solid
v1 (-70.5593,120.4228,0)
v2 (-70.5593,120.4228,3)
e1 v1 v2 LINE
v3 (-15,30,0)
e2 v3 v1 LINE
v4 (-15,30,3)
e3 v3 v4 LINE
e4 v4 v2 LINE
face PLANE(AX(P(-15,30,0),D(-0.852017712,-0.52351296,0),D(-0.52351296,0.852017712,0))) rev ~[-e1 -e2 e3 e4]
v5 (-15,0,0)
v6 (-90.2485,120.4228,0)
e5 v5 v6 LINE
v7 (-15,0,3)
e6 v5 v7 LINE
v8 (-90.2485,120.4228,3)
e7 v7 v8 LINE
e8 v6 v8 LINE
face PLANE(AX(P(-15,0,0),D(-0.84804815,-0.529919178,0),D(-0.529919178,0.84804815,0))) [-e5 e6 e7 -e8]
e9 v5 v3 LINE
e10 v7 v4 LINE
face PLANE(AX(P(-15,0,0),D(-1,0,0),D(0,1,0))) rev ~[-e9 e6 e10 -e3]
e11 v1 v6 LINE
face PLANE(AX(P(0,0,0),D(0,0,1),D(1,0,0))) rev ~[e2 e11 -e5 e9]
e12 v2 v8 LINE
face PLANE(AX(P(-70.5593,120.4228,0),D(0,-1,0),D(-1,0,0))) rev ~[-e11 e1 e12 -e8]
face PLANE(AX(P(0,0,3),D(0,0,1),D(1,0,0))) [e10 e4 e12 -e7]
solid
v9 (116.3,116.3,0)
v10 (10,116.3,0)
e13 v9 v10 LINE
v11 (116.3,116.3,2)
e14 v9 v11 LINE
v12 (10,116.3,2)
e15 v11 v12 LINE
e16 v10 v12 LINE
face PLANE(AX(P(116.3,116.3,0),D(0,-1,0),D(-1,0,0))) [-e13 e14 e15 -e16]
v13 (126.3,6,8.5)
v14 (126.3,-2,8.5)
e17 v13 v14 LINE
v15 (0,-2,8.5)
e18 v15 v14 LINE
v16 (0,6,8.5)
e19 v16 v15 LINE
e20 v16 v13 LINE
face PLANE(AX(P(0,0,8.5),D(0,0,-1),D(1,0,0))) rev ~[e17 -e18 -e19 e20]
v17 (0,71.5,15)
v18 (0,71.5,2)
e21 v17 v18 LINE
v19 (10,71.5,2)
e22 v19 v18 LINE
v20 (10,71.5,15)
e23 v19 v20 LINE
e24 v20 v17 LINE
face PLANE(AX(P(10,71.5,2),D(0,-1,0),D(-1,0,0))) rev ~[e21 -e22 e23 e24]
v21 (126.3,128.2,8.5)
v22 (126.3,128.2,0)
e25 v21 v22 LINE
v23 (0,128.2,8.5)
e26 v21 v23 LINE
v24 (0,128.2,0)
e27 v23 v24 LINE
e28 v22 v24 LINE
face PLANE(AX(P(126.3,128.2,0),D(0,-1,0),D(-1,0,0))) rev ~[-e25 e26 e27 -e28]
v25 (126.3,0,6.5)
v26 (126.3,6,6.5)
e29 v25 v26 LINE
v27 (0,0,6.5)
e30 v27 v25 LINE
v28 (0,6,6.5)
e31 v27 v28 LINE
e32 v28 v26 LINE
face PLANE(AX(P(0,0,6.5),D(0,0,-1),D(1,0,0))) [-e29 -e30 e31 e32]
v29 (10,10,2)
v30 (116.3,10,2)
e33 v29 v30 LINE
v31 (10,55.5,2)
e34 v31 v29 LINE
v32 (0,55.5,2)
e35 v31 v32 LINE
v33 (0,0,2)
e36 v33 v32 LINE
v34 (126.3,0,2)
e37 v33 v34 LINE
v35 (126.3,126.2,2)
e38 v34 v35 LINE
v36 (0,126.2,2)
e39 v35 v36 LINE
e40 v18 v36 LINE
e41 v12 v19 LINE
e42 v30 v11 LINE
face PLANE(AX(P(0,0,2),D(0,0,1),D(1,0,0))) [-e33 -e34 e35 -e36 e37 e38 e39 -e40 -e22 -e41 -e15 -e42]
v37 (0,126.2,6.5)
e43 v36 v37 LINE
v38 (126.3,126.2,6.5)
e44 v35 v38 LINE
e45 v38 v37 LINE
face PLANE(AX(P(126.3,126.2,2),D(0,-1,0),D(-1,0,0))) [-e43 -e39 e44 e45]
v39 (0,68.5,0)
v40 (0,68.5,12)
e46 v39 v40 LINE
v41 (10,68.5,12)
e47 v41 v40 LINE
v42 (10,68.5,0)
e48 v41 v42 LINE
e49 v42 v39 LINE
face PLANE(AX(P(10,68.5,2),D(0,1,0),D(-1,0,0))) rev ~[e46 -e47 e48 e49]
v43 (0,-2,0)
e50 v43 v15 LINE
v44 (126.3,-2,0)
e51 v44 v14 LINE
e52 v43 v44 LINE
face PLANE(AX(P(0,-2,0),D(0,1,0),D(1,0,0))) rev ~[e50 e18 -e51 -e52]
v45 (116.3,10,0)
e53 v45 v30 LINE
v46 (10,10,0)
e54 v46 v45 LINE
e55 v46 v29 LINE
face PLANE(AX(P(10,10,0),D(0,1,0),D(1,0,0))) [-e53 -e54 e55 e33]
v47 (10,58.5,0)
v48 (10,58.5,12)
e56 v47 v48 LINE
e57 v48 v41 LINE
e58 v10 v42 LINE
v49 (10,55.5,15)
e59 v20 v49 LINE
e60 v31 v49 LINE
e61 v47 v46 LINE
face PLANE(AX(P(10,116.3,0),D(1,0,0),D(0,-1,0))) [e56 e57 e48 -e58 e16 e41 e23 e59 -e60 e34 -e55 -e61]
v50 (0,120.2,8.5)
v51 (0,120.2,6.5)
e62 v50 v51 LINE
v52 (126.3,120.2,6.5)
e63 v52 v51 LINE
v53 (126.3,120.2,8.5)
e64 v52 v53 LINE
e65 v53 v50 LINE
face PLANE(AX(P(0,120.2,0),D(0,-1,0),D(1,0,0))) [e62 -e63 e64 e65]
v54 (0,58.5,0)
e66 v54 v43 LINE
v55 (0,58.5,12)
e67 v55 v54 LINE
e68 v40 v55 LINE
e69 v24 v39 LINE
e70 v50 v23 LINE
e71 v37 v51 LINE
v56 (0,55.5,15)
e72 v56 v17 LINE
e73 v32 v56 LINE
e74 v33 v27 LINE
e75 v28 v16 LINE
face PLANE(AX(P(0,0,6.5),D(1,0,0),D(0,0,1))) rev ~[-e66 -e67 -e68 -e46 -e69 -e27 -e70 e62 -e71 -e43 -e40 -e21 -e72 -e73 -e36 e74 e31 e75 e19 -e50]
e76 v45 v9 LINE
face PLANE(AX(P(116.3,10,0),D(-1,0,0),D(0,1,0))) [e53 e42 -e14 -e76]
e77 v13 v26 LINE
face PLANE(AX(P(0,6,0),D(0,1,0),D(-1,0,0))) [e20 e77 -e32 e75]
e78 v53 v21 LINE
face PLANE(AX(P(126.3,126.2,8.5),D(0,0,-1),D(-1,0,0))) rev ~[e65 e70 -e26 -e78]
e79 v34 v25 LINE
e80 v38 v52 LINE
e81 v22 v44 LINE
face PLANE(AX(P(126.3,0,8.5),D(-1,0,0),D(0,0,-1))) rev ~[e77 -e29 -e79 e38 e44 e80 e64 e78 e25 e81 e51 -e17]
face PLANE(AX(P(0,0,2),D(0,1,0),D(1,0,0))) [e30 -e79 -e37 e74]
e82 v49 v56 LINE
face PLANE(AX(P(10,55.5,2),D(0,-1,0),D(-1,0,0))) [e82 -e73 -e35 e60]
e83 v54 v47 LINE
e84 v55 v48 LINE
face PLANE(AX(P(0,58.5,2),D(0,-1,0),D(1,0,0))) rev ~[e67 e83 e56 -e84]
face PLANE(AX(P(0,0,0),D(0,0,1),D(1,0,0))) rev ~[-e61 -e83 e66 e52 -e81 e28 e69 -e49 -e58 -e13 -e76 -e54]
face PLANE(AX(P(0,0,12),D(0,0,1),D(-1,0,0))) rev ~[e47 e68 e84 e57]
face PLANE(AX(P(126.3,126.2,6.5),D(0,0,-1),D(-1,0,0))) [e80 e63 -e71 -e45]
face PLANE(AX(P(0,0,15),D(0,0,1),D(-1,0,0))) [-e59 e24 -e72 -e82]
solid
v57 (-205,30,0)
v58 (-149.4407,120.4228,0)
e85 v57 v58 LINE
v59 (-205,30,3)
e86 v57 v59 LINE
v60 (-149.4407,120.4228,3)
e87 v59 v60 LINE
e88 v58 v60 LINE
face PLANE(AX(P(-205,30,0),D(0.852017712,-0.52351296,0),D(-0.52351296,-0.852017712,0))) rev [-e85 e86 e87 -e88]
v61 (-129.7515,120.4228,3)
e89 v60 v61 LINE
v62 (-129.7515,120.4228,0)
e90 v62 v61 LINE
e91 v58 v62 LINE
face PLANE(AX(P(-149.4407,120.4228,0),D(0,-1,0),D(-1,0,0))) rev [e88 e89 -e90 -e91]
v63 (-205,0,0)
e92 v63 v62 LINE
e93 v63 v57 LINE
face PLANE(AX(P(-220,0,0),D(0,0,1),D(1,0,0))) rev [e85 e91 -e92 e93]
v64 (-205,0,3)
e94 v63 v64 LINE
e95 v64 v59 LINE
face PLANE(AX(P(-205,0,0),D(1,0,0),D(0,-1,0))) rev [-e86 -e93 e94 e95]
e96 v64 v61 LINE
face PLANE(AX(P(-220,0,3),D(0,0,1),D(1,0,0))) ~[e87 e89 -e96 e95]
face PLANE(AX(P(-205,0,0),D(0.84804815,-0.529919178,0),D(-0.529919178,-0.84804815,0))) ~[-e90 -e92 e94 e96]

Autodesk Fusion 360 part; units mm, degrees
sketch "Sketch1" plane through (0, 0, 0) normal (0, 0, 1) x (1, 0, 0)
  line L0 (0, 0) -> (126.3, 0)
  line L1 (126.3, 0) -> (126.3, 126.2)
  line L2 (126.3, 126.2) -> (0, 126.2)
  line L3 (0, 126.2) -> (0, 0)
  line L4 (0, 0) -> (126.3, 0)
  line L5 (126.3, 0) -> (126.3, 126.2)
  line L6 (126.3, 126.2) -> (0, 126.2)
  line L7 (0, 126.2) -> (0, 0)
  line L8 (126.3, 128.2) -> (0, 128.2)
  line L9 (0, -2) -> (126.3, -2)
  line L10 (0, 126.2) -> (0, 128.2)
  line L11 (126.3, 126.2) -> (126.3, 128.2)
  line L12 (126.3, -2) -> (126.3, 0)
  line L13 (0, 0) -> (0, -2)
  dimension "d1" = 126.3
  dimension "d2" = 126.2
sketch "Sketch2" plane through (0, 0, 0) normal (0, 0, 1) x (1, 0, 0)
  line L0 (10, 10) -> (116.3, 10)
  line L1 (116.3, 10) -> (116.3, 116.3)
  line L2 (116.3, 116.3) -> (10, 116.3)
  line L3 (10, 116.3) -> (10, 10)
  dimension "d4" = 106.3
  dimension "d5" = 106.3
extrude "Extrude1" add sketch "Sketch1" along normal blind 2 makes body 1
extrude "Extrude2" cut sketch "Sketch2" along normal blind 2 bodies 1
sketch "Sketch3" plane through (0, 0, 2) normal (0, 0, 1) x (-1, 0, 0)
  line L0 (-10, -116.3) -> (-116.3, -116.3)
  line L1 (-116.3, -116.3) -> (-116.3, -10)
  line L2 (-116.3, -10) -> (-10, -10)
  line L3 (-10, -10) -> (-10, -116.3)
  line L4 (0, -128.2) -> (0, 2)
  line L5 (0, 2) -> (-126.3, 2)
  line L6 (-126.3, 2) -> (-126.3, -128.2)
  line L7 (-126.3, -128.2) -> (0, -128.2)
  line L8 (0, 0) -> (-126.3, 0)
  line L9 (-126.3, 2) -> (0, 2)
  line L10 (0, -128.2) -> (-126.3, -128.2)
  line L11 (-126.3, -128.2) -> (-126.3, -126.2)
  line L12 (-126.3, -126.2) -> (0, -126.2)
  line L13 (0, -126.2) -> (0, -128.2)
  dimension "d10" = 2
extrude "Extrude3" add sketch "Sketch3" along normal blind 6.5 contours L4 L6 L7 L10 L11 L12 L13 | L4 L5 L6 L8 L9 bodies 1
sketch "Sketch4" plane through (0, 126.2, 0) normal (0, -1, 0) x (1, 0, 0)
  line L0 (0, 2) -> (126.3, 2)
  line L1 (126.3, 2) -> (126.3, 8.5)
  line L2 (126.3, 8.5) -> (0, 8.5)
  line L3 (0, 8.5) -> (0, 2)
  line L4 (0, 8.5) -> (126.3, 8.5)
  line L5 (126.3, 8.5) -> (126.3, 6.5)
  line L6 (126.3, 6.5) -> (0, 6.5)
  line L7 (0, 6.5) -> (0, 8.5)
  dimension "d13" = 2
sketch "Sketch5" plane through (0, 0, 0) normal (0, 1, 0) x (-1, 0, 0)
  line L0 (-126.3, 2) -> (0, 2)
  line L1 (0, 2) -> (0, 8.5)
  line L2 (0, 8.5) -> (-126.3, 8.5)
  line L3 (-126.3, 8.5) -> (-126.3, 2)
  line L4 (-126.3, 8.5) -> (0, 8.5)
  line L5 (0, 8.5) -> (0, 6.5)
  line L6 (0, 6.5) -> (-126.3, 6.5)
  line L7 (-126.3, 6.5) -> (-126.3, 8.5)
  dimension "d14" = 2
extrude "Extrude4" add sketch "Sketch4" along normal blind 6 contours L1 L2 L3 L4 L5 L6 L7 bodies 1
extrude "Extrude5" add sketch "Sketch5" along normal blind 6 contours L1 L2 L3 L4 L5 L6 L7 bodies 1
sketch "Sketch7" plane through (0, 0, 0) normal (0, 0, 1) x (1, 0, 0)
  line L0 (-15, 0) -> (-15, 30)
  line L1 (-15, 30) -> (-15, 0)
  line L2 (-15, 0) -> (-90.2485, 120.4228)
  line L3 (-15, 30) -> (-70.5593, 120.4228)
  line L4 (-70.5593, 120.4228) -> (-90.2485, 120.4228)
  dimension "d26" = 32
  dimension "d27" = 142
ref_plane "WorkPlane2" through (-110, 0, 0) normal (1, 0, 0) x (0, 1, 0)
extrude "Extrude7" add sketch "Sketch7" along normal blind 3 separate body makes body 2
mirror "Mirror2" about plane through (-110, 0, 0) normal (1, 0, 0) of "Extrude7" makes body 3
sketch "Sketch8" plane through (0, 0, 2) normal (0, 0, 1) x (-1, 0, 0)
  line L0 (0, 0) -> (-126.3, 0)
  line L1 (-126.3, 0) -> (-126.3, -126.2)
  line L2 (-126.3, -126.2) -> (0, -126.2)
  line L3 (0, -126.2) -> (0, 0)
  line L4 (-10, -116.3) -> (-116.3, -116.3)
  line L5 (-116.3, -116.3) -> (-116.3, -10)
  line L6 (-116.3, -10) -> (-10, -10)
  line L7 (-10, -10) -> (-10, -116.3)
  line L8 (0, -121) -> (0, -6)
  line L9 (0, -6) -> (0, -58.5)
  line L10 (0, -58.5) -> (-10, -58.5)
  line L11 (-10, -58.5) -> (-10, -68.5)
  line L12 (-10, -68.5) -> (0, -68.5)
  line L13 (0, -68.5) -> (0, -58.5)
  line L14 (0, -68.5) -> (-10, -68.5)
  line L15 (-10, -68.5) -> (-10, -71.5)
  line L16 (-10, -71.5) -> (0, -71.5)
  line L17 (0, -71.5) -> (0, -68.5)
  line L18 (0, -58.5) -> (-10, -58.5)
  line L19 (-10, -58.5) -> (-10, -55.5)
  line L20 (-10, -55.5) -> (0, -55.5)
  line L21 (0, -55.5) -> (0, -58.5)
  dimension "d33" = 52.5
  dimension "d34" = 10
  dimension "d35" = 3
  dimension "d36" = 3
sketch "Sketch9" plane through (0, 0, 2) normal (0, 0, 1) x (-1, 0, 0)
extrude "Extrude8" add sketch "Sketch8" along normal blind 10 contours L3 L7 L8 L9 L10 L18 L19 L20 L21 | L3 L7 L8 L12 L14 L15 L16 L17 bodies 1
sketch "Sketch10" plane through (0, 0, 12) normal (0, 0, 1) x (-1, 0, 0)
  line L0 (0, -71.5) -> (0, -68.5)
  line L1 (0, -68.5) -> (-10, -68.5)
  line L2 (-10, -68.5) -> (-10, -71.5)
  line L3 (-10, -71.5) -> (0, -71.5)
  line L4 (0, -71.5) -> (-10, -71.5)
  line L5 (-10, -71.5) -> (-10, -55.5)
  line L6 (-10, -55.5) -> (0, -55.5)
  line L7 (0, -55.5) -> (0, -71.5)
extrude "Extrude9" add sketch "Sketch10" along normal blind 3 bodies 1
extrude "Extrude10" cut 1 faces at (3.3333, 65.1667, 2) along direction (0, 0, -1) blind 3 on bodies 1 bodies 1
